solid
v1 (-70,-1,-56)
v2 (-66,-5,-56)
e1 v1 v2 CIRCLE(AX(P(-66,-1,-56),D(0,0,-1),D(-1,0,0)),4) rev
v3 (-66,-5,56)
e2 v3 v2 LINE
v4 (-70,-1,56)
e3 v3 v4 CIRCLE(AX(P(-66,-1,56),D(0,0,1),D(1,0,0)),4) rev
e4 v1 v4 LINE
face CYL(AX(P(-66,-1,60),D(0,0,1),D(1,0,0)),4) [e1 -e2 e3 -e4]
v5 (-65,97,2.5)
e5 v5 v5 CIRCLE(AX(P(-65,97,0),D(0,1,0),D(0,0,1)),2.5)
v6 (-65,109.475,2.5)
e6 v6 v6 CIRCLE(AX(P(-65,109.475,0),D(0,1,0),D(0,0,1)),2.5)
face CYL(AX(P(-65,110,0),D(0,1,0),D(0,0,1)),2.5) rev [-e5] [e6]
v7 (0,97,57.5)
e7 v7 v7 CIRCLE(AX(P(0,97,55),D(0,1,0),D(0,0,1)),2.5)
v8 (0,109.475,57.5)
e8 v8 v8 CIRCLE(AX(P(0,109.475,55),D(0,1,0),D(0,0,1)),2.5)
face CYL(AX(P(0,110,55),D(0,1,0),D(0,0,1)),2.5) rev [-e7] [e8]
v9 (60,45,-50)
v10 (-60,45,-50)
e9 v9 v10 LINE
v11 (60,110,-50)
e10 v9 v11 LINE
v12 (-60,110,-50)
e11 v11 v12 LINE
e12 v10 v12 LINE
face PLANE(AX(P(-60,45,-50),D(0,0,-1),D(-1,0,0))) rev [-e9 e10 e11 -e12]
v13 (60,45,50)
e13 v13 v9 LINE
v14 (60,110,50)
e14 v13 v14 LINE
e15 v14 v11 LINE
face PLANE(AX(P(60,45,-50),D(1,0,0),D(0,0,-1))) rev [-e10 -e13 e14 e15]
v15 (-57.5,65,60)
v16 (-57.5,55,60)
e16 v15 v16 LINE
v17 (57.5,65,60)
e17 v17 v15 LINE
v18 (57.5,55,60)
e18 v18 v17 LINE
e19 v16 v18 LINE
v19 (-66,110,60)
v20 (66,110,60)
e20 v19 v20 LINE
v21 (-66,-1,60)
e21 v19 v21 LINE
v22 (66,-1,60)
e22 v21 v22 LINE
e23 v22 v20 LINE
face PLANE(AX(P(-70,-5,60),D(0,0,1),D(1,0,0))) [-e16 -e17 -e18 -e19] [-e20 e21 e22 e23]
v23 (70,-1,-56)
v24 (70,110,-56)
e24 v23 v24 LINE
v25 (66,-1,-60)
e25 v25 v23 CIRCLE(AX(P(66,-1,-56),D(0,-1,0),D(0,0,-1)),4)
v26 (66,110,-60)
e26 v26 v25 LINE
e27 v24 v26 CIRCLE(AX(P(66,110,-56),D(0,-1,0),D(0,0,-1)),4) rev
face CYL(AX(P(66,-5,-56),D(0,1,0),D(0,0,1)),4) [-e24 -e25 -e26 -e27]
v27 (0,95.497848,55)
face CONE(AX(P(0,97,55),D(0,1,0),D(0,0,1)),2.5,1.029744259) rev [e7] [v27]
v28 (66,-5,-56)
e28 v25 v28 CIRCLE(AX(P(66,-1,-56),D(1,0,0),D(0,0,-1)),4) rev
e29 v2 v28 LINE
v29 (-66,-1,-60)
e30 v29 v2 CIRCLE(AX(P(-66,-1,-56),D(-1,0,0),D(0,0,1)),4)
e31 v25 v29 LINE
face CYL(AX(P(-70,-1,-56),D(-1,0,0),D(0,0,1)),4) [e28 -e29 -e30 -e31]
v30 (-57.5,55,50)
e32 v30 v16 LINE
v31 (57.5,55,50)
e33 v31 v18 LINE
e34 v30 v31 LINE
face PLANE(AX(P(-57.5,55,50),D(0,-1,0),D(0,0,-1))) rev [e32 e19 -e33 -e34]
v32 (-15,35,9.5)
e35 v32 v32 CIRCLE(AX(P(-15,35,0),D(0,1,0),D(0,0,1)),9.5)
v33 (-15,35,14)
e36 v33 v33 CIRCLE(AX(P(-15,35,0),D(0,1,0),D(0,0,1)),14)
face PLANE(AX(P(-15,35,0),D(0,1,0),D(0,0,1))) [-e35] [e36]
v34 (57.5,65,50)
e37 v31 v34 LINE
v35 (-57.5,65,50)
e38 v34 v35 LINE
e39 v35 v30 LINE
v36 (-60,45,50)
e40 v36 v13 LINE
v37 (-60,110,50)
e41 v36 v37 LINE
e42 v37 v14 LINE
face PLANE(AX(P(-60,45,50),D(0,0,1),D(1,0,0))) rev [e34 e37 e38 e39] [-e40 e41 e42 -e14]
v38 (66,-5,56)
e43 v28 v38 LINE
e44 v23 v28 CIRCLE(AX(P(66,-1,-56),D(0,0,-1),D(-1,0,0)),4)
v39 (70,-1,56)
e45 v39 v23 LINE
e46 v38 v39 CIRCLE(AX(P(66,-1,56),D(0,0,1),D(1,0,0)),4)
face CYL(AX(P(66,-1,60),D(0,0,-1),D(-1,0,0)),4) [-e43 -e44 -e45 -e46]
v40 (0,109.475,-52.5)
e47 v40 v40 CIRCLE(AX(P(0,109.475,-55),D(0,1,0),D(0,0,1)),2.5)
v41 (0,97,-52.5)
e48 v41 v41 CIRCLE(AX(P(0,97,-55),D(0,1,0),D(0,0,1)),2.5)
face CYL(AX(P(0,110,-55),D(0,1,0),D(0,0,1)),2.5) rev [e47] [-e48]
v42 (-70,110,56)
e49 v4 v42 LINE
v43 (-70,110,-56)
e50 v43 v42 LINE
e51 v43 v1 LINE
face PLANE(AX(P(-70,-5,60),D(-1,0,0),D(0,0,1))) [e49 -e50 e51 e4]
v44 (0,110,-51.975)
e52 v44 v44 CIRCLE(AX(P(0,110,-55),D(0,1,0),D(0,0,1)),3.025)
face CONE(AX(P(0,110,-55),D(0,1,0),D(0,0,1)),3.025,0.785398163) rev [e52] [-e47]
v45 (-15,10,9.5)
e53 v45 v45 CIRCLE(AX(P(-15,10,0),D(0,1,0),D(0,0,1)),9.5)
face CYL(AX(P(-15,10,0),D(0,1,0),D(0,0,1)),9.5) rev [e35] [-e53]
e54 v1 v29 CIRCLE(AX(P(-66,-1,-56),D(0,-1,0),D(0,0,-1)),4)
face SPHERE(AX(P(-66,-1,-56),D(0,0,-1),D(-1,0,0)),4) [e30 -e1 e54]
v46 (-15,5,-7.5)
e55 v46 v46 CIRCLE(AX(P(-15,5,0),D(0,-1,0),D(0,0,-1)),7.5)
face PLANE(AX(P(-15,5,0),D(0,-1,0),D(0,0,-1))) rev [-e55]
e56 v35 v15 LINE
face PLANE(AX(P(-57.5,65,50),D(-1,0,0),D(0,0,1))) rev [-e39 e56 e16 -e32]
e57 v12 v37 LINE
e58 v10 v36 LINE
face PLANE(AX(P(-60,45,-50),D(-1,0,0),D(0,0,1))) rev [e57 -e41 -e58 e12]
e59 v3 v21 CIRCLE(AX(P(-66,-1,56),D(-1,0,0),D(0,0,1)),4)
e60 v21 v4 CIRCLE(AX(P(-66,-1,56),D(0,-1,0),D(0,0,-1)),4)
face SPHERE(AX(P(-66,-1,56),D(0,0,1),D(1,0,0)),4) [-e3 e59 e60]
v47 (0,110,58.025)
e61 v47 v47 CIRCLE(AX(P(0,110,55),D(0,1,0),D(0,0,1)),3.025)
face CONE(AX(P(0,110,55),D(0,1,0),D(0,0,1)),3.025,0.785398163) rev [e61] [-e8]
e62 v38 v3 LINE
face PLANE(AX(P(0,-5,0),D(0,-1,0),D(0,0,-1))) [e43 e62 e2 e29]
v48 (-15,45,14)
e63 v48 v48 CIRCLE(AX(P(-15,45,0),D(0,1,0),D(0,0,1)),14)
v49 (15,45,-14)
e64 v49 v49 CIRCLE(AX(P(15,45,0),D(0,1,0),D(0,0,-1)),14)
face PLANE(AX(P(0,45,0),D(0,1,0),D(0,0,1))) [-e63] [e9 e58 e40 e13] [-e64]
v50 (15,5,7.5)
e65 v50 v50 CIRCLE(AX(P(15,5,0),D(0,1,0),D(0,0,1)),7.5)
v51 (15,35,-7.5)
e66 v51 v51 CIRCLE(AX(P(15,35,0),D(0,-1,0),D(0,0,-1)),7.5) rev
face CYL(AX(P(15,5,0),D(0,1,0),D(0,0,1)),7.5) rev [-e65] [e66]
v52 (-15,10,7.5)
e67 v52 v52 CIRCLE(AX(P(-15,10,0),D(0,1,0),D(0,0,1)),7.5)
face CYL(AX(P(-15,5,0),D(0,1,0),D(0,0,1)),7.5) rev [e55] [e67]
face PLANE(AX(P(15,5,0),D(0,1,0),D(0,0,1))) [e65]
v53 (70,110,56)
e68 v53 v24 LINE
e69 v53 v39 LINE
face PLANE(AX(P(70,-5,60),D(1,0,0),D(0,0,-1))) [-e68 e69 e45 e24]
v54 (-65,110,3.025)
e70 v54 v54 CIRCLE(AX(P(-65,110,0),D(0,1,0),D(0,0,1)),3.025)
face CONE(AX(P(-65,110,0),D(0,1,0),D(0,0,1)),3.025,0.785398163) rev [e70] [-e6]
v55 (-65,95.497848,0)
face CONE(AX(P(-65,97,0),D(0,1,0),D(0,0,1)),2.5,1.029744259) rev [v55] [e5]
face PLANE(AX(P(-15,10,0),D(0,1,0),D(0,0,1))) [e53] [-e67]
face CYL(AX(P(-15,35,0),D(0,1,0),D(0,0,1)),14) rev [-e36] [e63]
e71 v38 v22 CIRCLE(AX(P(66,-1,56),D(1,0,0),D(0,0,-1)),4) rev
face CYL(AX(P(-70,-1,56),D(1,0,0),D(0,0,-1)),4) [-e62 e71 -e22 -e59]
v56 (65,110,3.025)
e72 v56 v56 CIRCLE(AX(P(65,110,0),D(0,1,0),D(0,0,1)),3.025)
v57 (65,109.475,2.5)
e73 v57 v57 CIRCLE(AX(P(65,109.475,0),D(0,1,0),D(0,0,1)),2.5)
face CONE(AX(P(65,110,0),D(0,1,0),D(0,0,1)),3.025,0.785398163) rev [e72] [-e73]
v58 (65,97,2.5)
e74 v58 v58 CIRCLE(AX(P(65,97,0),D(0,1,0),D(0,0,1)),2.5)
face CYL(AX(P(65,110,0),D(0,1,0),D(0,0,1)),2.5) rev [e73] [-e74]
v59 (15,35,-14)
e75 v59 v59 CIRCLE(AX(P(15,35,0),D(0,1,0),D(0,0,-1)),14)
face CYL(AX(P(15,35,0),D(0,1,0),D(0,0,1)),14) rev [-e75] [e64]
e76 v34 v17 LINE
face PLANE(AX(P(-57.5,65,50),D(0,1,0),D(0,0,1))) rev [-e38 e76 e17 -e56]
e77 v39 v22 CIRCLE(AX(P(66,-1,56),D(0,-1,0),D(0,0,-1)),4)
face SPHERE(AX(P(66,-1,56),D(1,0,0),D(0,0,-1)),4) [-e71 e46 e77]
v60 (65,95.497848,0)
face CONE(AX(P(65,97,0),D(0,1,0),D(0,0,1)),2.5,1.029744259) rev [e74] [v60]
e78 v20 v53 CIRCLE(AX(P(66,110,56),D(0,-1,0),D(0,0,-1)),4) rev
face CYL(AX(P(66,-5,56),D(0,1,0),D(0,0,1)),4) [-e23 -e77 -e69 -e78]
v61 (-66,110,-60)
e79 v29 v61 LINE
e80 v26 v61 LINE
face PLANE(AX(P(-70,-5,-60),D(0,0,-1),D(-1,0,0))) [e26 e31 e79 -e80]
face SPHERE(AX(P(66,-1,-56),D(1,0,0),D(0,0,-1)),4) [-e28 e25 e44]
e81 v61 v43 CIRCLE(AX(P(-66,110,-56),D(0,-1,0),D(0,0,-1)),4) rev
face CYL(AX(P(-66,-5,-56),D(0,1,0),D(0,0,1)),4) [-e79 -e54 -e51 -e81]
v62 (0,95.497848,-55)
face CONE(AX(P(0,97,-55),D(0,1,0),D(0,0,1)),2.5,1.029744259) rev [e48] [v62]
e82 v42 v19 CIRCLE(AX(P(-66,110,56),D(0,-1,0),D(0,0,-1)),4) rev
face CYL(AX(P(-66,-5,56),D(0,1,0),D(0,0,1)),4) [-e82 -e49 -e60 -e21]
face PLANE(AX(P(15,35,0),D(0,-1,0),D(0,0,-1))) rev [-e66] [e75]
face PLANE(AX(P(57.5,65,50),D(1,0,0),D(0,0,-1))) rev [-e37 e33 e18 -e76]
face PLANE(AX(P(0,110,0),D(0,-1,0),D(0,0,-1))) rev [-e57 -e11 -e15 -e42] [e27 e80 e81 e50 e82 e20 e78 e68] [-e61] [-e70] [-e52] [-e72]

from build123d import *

# Parameters (mm, degrees)
BOX_EXTRUDE_PART_DEPTH         = 110
BOX_EXTRUDE_PART_DEPTH_BACK    = 5
BOX_TOP_VIEW_W                 = 140
BOX_TOP_VIEW_H                 = 120
INNER_BOX_CUT_W                = 120
INNER_BOX_CUT_H                = 100
INNER_BOX_CUT_1_DEPTH          = 65
SCISSOR_CROSSSECTION_W         = 115
SCISSOR_CROSSSECTION_H         = 10
SCISSOR_CORSSSECTION_CUT_DEPTH = 10
SHAFT_LOCATION_R               = 7.5
SHAFT_LOCATION_CUT_DEPTH       = 40
SKETCH2_R                      = 14
BEARING_LOCATION_CUT1_DEPTH    = 10
SKETCH8_R                      = 9.5
BEARING_LOCATION_CUT2_DEPTH    = 35
M6_TAPPED_HOLE3_AT_2_COUNT     = 2
M6_TAPPED_HOLE3_AT_2_PITCH     = 85.14693183
EDGES_FILLET_R                 = 4


with BuildPart() as part:
    # Box_top_view → Box_extrude_part (new, two sides: drawn at the far end of the back side and taken through both)
    with BuildSketch(Plane(origin=(0, 0, 0), x_dir=(1, 0, 0), z_dir=(0, 1, 0)).offset(-BOX_EXTRUDE_PART_DEPTH_BACK)):
        Rectangle(BOX_TOP_VIEW_W, BOX_TOP_VIEW_H)
    extrude(amount=BOX_EXTRUDE_PART_DEPTH + BOX_EXTRUDE_PART_DEPTH_BACK)

    # Inner_box_cut → Inner_box_cut_1 (cut)
    with BuildSketch(Plane(origin=(0, 110, 0), x_dir=(1, 0, 0), z_dir=(0, 1, 0))):
        Rectangle(INNER_BOX_CUT_W, INNER_BOX_CUT_H)
    extrude(amount=-INNER_BOX_CUT_1_DEPTH, mode=Mode.SUBTRACT)

    # Scissor_crossSection → Scissor_corssSection_cut (cut)
    with BuildSketch(Plane.XY.offset(60)):
        with Locations((0, 60)):
            Rectangle(SCISSOR_CROSSSECTION_W, SCISSOR_CROSSSECTION_H)
    extrude(amount=-SCISSOR_CORSSSECTION_CUT_DEPTH, mode=Mode.SUBTRACT)

    # Shaft_location → Shaft_location_cut (cut)
    with BuildSketch(Plane(origin=(0, 45, 0), x_dir=(1, 0, 0), z_dir=(0, 1, 0))):
        with Locations(Location((15, 0, 0), (0, 0, 270))):
            Circle(SHAFT_LOCATION_R)
        with Locations(Location((-15, 0, 0), (0, 0, 90))):
            Circle(SHAFT_LOCATION_R)
    extrude(amount=-SHAFT_LOCATION_CUT_DEPTH, mode=Mode.SUBTRACT)

    # Sketch2 → Bearing_location_cut1 (cut)
    with BuildSketch(Plane(origin=(0, 45, 0), x_dir=(1, 0, 0), z_dir=(0, 1, 0))):
        with Locations(Location((-15, 0, 0), (0, 0, 270))):
            Circle(SKETCH2_R)
        with Locations(Location((15, 0, 0), (0, 0, 90))):
            Circle(SKETCH2_R)
    extrude(amount=-BEARING_LOCATION_CUT1_DEPTH, mode=Mode.SUBTRACT)

    # Sketch8 → Bearing_location_cut2 (cut)
    with BuildSketch(Plane(origin=(0, 45, 0), x_dir=(1, 0, 0), z_dir=(0, 1, 0))):
        with Locations(Location((-15, 0, 0), (0, 0, 270))):
            Circle(SKETCH8_R)
    extrude(amount=-BEARING_LOCATION_CUT2_DEPTH, mode=Mode.SUBTRACT)

    # Sketch7 → M6 Tapped Hole3 (revolve, cut)
    with BuildSketch(Plane(origin=(0, 110, -55), x_dir=(0, 0, 1), z_dir=(1, 0, 0))):
        Polygon((0, 0), (0, 14.502151548), (2.5, 13), (2.5, 0.525), (3.025, 0), align=None)
    m6_tapped_hole3 = revolve(axis=Axis((0, 116.35, -55), (0, -1, 0)), mode=Mode.SUBTRACT)

    # M6 Tapped Hole3 at 2: M6 Tapped Hole3 ×2
    with Locations(*[Vector(-0.7633862853691146, 0, 0.645942241466174) * (i * M6_TAPPED_HOLE3_AT_2_PITCH) for i in range(1, M6_TAPPED_HOLE3_AT_2_COUNT)]):
        add(m6_tapped_hole3, mode=Mode.SUBTRACT)

    # M6_hole_mirror: M6 Tapped Hole3 across plane
    add(m6_tapped_hole3.mirror(Plane(origin=(0, 0, 0), x_dir=(0, 0, 1), z_dir=(1, 0, 0))), mode=Mode.SUBTRACT)

    # M6_hole_mirror copy 1 sketch → M6_hole_mirror copy 1 (revolve, cut)
    with BuildSketch(Plane(origin=(65, 110, 0), x_dir=(0, 0, 1), z_dir=(-1, 0, 0))):
        Polygon((0, 0), (0, -14.502151548), (2.5, -13), (2.5, -0.525), (3.025, 0), align=None)
    revolve(axis=Axis((65, 116.35, 0), (0, 1, 0)), mode=Mode.SUBTRACT)

    # M6_hole_mirror at the second plane: M6 Tapped Hole3 across plane
    add(m6_tapped_hole3.mirror(Plane.XY), mode=Mode.SUBTRACT)

    # M6_hole_mirror at the second plane copy → M6_hole_mirror at the second plane c 2 (revolve, cut)
    with BuildSketch(Plane(origin=(-65, 110, 0), x_dir=(0, 0, -1), z_dir=(1, 0, 0))):
        Polygon((0, 0), (0, -14.502151548), (2.5, -13), (2.5, -0.525), (3.025, 0), align=None)
    revolve(axis=Axis((-65, 116.35, 0), (0, 1, 0)), mode=Mode.SUBTRACT)

    # Edges_fillet
    edges_fillet_edges = [part.edges().sort_by_distance(p)[0] for p in [
        (70, -5, 0),
        (0, -5, -60),
        (-70, -5, 0),
        (-70, 52.5, -60),
        (70, 52.5, -60),
        (70, 52.5, 60),
        (-70, 52.5, 60),
        (0, -5, 60),
    ]]
    fillet(edges_fillet_edges, radius=EDGES_FILLET_R)


solid = part.part
